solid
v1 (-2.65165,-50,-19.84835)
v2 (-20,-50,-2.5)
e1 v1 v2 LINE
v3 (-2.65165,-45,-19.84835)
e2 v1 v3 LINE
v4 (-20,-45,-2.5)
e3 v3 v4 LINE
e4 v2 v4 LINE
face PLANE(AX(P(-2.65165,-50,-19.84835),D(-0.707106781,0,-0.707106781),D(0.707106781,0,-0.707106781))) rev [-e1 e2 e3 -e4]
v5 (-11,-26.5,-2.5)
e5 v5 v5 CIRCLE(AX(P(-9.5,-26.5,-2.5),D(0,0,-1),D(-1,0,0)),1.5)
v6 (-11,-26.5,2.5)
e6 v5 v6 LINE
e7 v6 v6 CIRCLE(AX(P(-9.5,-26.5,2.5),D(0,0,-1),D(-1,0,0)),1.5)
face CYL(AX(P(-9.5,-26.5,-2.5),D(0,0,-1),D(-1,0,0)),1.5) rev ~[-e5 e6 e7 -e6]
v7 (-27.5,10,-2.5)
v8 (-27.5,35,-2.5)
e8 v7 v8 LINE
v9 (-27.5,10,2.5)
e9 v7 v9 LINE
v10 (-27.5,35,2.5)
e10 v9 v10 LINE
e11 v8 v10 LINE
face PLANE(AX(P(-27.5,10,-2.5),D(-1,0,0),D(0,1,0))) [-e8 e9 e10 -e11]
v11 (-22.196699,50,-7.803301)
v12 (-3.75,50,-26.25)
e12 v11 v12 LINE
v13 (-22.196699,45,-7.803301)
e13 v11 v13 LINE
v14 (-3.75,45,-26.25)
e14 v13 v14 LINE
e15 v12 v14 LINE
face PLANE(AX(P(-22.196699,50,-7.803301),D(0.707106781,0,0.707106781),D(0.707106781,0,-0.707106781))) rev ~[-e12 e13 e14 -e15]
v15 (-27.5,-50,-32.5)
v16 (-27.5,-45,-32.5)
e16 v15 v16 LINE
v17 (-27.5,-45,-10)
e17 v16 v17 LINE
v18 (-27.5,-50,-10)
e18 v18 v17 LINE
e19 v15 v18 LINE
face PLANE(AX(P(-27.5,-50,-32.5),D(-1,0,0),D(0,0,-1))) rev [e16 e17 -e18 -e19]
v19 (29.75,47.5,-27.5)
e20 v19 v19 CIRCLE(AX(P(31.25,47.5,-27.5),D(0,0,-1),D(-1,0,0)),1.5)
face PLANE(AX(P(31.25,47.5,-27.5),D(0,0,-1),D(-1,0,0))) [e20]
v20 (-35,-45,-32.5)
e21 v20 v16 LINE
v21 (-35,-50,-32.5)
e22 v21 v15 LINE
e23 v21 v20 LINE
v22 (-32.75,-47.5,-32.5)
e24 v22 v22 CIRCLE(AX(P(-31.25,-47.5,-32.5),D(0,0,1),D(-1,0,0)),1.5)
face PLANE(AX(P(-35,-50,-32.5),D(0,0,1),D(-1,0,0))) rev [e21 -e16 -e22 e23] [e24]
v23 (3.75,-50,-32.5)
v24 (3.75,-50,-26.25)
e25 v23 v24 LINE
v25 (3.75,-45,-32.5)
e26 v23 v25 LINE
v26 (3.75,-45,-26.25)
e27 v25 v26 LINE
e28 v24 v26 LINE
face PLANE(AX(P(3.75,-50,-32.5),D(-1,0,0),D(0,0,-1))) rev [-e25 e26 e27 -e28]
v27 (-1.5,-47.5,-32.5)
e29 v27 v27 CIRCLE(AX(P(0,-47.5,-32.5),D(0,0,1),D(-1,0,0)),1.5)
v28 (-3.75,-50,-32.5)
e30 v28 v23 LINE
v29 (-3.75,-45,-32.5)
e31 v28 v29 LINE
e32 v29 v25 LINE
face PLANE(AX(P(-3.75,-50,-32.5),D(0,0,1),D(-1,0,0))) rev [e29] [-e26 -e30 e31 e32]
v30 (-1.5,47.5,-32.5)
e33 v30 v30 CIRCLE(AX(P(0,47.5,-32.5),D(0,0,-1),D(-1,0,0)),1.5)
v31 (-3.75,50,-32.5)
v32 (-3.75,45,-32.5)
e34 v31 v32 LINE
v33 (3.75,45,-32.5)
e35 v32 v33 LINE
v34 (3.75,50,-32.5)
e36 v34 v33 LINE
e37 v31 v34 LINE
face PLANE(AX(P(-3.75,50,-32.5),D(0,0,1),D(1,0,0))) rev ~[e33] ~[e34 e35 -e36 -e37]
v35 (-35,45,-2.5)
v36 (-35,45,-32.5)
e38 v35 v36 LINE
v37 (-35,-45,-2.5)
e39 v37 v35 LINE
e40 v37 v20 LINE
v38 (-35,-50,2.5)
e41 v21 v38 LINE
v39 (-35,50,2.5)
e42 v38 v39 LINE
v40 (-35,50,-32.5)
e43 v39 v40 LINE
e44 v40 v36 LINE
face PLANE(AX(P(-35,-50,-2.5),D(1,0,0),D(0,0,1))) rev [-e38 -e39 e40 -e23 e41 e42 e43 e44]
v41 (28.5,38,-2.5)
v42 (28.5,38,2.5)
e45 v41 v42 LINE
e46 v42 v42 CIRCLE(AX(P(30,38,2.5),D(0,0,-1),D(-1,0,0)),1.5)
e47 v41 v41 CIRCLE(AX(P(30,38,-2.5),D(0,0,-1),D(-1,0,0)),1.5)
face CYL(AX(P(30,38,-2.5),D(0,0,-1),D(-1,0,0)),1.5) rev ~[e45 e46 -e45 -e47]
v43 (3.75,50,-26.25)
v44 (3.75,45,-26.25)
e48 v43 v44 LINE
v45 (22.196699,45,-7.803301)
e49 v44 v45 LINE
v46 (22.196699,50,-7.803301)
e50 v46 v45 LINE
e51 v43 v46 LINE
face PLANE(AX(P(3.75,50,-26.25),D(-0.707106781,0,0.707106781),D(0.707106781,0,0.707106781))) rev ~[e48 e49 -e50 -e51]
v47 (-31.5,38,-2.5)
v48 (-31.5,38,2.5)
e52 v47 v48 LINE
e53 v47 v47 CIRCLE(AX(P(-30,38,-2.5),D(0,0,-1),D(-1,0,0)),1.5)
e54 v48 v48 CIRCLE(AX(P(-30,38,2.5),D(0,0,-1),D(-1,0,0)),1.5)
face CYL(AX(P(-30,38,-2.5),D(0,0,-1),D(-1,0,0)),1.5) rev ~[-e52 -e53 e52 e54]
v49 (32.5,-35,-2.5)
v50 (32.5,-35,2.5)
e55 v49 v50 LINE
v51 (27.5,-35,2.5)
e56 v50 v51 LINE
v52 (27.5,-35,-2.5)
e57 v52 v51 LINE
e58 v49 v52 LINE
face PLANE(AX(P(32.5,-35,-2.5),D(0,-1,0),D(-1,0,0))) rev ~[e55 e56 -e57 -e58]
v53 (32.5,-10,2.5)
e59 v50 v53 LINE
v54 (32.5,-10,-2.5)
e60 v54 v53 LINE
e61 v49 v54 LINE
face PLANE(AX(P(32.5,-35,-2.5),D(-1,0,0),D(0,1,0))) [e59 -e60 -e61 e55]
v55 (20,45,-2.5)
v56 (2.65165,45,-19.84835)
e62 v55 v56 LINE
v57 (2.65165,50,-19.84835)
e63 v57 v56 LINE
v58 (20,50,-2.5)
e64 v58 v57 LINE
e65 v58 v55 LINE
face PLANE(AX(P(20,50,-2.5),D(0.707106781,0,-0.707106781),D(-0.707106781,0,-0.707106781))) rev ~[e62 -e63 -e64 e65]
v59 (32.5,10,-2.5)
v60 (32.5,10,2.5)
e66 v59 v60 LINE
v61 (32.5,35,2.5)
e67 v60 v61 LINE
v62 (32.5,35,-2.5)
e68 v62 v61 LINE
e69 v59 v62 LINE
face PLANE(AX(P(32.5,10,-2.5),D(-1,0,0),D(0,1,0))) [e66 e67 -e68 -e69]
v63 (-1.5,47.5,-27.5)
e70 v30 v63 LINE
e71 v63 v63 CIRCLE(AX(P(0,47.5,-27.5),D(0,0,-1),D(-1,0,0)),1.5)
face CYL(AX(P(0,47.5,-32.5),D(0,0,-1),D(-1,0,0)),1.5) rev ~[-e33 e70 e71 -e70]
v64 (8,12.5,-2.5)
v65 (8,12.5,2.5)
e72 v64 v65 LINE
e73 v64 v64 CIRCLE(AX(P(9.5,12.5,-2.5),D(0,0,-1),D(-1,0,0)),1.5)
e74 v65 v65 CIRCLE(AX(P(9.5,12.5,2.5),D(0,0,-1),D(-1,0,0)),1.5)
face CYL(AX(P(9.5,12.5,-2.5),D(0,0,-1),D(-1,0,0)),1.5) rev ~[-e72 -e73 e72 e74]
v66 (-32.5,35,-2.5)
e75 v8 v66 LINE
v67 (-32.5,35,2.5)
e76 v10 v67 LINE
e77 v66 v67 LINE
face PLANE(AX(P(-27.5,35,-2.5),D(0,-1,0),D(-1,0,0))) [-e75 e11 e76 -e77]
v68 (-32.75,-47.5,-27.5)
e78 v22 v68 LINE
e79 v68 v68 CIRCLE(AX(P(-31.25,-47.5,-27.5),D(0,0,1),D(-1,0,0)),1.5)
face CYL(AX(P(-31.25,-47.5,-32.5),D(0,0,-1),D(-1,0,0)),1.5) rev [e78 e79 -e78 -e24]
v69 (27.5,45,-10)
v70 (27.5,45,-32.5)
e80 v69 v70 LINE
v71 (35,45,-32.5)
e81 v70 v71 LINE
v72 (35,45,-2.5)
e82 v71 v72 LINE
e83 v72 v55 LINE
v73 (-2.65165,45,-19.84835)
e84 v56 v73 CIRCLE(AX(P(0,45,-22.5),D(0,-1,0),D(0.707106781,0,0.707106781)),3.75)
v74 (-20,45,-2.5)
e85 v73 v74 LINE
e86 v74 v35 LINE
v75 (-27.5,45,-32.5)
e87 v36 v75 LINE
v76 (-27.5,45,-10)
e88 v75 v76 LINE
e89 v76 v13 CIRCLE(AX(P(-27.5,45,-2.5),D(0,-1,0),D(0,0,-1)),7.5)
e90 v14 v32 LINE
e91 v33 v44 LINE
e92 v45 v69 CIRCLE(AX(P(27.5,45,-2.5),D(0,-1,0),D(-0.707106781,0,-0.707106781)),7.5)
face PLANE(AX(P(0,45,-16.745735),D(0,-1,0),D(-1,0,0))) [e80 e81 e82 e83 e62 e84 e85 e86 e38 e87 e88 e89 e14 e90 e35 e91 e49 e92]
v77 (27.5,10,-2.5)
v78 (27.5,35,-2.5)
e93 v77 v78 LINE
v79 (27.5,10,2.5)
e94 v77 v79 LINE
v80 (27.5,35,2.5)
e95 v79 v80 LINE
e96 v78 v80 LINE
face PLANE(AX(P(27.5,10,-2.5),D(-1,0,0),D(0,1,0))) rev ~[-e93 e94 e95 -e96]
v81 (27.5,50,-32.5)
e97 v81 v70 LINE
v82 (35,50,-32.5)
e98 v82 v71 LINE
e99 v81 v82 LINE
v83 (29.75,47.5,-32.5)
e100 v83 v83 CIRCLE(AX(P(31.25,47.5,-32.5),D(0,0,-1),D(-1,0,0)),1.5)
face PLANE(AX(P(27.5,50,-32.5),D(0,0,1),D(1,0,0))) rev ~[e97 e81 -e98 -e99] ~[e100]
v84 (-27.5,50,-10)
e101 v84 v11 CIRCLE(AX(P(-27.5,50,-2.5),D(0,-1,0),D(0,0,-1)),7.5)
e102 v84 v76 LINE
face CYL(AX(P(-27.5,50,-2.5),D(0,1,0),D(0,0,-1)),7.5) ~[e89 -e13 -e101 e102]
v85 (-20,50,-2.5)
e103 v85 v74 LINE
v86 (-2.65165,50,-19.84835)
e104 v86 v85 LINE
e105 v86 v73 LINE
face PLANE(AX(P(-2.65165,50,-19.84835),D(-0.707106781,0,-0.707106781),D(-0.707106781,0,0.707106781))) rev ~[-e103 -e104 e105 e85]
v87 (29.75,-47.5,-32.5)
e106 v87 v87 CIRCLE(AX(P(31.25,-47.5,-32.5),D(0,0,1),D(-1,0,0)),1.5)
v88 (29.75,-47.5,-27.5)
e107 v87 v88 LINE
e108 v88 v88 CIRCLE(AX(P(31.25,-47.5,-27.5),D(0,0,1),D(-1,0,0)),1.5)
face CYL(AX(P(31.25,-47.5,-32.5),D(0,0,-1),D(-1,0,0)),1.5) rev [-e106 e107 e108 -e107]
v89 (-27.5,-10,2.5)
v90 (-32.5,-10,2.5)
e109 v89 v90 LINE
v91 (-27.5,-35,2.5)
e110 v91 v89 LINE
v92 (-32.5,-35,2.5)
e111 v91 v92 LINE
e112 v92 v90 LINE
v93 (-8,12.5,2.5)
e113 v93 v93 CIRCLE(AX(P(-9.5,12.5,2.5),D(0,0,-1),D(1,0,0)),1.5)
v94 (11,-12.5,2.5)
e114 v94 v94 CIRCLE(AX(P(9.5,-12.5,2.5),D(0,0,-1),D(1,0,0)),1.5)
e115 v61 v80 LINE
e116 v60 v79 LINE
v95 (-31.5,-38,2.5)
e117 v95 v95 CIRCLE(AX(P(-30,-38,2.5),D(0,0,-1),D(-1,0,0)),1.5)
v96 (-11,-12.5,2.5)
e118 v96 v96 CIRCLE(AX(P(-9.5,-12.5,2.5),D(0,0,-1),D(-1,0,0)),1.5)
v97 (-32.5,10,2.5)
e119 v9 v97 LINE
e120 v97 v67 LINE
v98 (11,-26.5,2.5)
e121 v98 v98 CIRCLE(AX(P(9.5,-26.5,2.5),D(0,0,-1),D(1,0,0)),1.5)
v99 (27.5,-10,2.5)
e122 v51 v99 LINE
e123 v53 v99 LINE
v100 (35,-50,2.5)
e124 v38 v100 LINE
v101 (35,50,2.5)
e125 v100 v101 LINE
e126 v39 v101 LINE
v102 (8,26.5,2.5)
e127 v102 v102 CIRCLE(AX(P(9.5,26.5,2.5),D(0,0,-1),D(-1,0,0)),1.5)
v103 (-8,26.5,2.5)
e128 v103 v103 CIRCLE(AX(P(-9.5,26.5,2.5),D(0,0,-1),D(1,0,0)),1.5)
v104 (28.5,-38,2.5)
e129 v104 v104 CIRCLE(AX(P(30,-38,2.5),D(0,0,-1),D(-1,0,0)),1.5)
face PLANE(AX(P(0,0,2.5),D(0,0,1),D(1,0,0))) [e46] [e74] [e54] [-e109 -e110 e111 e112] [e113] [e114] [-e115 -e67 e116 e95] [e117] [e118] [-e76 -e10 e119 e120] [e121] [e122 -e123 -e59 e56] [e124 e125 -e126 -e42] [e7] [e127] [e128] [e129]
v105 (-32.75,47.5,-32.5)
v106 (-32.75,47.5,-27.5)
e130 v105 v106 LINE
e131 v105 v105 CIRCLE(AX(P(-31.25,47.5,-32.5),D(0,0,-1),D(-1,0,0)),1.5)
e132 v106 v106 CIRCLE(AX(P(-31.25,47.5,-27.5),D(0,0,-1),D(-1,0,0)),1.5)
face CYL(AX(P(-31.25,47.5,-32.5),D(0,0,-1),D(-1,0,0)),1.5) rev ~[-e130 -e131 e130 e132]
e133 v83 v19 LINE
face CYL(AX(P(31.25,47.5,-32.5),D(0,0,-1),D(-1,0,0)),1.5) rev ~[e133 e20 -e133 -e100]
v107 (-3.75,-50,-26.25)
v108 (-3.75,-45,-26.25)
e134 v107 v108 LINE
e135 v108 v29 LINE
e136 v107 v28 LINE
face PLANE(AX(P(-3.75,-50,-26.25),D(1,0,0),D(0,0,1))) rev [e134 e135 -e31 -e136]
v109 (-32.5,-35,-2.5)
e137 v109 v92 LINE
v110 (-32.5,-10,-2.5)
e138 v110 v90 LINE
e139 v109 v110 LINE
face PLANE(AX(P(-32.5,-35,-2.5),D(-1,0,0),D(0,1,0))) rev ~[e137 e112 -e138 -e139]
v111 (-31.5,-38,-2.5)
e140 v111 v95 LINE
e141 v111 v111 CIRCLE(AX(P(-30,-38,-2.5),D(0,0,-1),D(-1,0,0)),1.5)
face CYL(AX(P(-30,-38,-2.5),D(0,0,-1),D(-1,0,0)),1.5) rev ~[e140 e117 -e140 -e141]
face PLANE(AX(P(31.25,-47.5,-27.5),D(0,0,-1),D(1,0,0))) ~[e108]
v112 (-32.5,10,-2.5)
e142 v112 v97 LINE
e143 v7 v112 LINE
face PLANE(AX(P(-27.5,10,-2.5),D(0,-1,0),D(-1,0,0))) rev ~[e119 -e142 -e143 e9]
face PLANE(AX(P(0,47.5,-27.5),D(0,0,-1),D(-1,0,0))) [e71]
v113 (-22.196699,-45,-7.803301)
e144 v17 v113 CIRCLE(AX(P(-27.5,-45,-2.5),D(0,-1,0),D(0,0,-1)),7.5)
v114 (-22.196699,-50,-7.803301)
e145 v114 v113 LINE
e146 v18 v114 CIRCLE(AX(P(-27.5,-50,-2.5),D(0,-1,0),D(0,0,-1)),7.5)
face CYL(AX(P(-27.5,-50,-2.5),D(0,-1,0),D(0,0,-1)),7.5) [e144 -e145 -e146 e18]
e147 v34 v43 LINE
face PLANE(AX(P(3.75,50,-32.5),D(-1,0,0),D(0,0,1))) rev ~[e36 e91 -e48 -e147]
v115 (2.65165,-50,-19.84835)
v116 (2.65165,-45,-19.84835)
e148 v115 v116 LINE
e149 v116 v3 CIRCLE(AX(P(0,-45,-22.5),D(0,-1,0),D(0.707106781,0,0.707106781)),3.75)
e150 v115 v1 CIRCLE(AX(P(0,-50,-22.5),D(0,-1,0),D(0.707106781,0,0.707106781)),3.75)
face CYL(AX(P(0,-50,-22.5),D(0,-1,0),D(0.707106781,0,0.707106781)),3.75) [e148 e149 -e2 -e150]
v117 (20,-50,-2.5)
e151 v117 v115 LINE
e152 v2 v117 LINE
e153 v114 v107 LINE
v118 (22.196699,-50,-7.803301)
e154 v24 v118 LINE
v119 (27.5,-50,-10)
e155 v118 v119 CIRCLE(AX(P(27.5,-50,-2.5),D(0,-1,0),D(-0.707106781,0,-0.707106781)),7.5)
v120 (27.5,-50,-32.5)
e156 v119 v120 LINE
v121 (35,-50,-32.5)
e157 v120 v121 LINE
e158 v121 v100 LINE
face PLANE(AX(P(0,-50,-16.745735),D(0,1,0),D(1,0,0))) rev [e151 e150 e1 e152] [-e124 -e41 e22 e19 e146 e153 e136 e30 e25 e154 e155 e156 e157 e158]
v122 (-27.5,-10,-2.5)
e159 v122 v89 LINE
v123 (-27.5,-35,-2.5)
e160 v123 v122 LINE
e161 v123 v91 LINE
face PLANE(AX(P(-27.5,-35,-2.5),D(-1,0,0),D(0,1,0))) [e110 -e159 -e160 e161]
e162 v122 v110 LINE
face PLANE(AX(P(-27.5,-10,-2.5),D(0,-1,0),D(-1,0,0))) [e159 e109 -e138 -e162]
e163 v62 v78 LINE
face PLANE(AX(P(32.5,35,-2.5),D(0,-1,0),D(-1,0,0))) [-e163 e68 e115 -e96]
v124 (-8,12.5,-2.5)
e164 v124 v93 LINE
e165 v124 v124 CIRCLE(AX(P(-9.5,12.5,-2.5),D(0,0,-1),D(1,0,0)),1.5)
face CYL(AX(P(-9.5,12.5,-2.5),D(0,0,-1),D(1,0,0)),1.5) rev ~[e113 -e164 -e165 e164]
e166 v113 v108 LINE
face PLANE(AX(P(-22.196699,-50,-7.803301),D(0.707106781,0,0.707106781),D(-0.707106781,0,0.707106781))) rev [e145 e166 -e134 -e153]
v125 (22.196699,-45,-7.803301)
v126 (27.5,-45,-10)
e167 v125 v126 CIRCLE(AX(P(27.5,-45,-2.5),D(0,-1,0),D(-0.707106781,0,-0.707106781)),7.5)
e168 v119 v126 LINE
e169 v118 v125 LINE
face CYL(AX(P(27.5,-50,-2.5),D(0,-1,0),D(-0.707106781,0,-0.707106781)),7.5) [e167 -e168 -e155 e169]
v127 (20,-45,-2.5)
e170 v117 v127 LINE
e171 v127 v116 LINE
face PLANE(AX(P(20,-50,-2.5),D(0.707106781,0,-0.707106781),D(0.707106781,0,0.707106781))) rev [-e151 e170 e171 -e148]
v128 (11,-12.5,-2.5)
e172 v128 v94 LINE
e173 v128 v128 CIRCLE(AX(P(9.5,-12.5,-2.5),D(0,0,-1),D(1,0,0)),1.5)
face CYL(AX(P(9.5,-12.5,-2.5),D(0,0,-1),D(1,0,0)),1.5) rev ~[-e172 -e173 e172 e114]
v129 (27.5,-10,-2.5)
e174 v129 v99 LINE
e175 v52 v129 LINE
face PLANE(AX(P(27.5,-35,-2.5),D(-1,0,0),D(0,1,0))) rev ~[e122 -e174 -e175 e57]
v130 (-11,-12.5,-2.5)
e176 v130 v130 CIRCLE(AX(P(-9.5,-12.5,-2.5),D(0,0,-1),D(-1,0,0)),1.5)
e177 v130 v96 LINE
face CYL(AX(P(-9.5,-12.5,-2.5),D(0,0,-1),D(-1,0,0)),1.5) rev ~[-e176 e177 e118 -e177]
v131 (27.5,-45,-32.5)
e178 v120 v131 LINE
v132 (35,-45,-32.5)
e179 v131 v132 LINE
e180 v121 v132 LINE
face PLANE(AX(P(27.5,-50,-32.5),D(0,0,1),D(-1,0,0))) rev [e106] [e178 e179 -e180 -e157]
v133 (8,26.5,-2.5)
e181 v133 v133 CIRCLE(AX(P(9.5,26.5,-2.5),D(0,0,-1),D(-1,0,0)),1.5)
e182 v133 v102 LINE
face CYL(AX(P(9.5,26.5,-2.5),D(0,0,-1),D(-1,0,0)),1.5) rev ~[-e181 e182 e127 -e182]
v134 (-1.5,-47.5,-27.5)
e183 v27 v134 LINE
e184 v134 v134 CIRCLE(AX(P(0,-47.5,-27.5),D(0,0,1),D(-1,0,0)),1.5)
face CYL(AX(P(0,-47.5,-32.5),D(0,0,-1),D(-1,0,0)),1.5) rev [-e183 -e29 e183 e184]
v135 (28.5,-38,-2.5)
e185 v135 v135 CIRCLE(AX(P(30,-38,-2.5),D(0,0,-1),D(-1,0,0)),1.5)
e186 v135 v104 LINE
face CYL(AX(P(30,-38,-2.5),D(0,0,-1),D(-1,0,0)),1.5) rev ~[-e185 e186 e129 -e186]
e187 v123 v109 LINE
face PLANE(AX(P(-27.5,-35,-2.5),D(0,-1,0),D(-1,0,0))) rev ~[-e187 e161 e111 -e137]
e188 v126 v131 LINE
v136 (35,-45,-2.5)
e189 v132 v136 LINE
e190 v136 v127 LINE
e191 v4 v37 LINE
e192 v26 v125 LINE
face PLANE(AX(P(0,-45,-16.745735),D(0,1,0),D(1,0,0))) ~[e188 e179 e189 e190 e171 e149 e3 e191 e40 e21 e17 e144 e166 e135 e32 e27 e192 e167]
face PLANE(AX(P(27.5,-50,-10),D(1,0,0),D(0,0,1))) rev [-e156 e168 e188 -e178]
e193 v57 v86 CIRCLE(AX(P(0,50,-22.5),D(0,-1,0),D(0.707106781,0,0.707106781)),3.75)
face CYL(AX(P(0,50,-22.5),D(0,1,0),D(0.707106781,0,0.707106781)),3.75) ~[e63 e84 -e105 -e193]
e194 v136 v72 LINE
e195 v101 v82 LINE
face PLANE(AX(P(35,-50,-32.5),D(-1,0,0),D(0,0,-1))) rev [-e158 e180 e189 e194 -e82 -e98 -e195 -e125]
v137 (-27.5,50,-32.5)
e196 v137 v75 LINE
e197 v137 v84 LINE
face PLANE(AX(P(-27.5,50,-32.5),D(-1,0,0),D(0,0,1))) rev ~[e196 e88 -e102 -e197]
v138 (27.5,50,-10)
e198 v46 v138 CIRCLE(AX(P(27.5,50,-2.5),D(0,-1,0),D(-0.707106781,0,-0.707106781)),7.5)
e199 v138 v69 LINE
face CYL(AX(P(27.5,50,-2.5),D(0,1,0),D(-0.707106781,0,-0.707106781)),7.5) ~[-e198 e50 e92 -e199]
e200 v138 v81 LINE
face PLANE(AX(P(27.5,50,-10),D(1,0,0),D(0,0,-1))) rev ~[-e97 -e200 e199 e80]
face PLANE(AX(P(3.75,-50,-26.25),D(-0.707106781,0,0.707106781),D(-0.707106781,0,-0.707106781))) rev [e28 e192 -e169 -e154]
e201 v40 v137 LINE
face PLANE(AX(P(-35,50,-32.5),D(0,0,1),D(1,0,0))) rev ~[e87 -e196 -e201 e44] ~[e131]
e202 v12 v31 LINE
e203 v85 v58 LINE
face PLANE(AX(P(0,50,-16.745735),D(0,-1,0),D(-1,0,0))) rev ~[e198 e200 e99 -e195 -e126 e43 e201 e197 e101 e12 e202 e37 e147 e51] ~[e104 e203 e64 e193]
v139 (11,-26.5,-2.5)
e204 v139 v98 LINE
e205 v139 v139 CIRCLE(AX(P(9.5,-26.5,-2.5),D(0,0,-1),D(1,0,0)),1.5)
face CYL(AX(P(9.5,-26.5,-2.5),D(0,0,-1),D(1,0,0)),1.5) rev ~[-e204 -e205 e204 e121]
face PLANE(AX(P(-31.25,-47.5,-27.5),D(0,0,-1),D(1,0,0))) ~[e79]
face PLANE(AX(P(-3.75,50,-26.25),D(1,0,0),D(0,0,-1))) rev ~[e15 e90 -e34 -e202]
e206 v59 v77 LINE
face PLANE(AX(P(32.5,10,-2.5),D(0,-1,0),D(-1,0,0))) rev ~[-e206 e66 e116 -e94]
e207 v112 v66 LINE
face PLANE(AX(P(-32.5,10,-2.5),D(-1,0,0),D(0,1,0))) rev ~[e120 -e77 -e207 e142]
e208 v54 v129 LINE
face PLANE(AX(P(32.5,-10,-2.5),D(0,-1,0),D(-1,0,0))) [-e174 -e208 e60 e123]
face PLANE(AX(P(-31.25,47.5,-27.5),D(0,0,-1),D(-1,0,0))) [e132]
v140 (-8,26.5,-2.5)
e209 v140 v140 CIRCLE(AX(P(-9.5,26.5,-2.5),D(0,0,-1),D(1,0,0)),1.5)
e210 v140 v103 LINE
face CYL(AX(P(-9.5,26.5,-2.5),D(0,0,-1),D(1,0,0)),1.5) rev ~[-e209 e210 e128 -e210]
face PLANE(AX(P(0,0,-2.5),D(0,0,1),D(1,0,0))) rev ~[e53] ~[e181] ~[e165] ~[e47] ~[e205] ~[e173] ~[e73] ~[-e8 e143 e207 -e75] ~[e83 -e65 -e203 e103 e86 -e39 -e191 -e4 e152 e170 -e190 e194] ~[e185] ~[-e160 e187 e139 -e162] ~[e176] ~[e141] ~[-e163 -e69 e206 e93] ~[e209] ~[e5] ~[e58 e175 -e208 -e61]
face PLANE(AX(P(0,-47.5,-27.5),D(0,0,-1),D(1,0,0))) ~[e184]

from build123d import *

# Parameters (mm, degrees)
SKETCH1_W           = 70
SKETCH1_H           = 100
BOSS_EXTRUDE1_DEPTH = 2.5
SKETCH2_R           = 1.5
CUT_EXTRUDE1_DEPTH  = 10
BOSS_EXTRUDE2_DEPTH = 5
SKETCH4_W           = 5
SKETCH4_H           = 25
SKETCH4_R           = 1.5
CUT_EXTRUDE2_DEPTH  = 5
SKETCH7_R           = 1.5
CUT_EXTRUDE3_DEPTH  = 5


with BuildPart() as part:
    # Sketch1 → Boss-Extrude1 (new, symmetric)
    with BuildSketch(Plane.XY):
        Rectangle(SKETCH1_W, SKETCH1_H)
    extrude(amount=BOSS_EXTRUDE1_DEPTH, both=True)

    # Sketch2 → Cut-Extrude1 (cut)
    with BuildSketch(Plane(origin=(0, 0, -2.5), x_dir=(-1, 0, 0), z_dir=(0, 0, -1))):
        with Locations((30, 38)):
            Circle(SKETCH2_R)
        with Locations((-30, 38)):
            Circle(SKETCH2_R)
        with Locations((30, -38)):
            Circle(SKETCH2_R)
        with Locations((-30, -38)):
            Circle(SKETCH2_R)
    extrude(amount=-CUT_EXTRUDE1_DEPTH, mode=Mode.SUBTRACT)

    # Sketch3 → Boss-Extrude2 (add)
    with BuildSketch(Plane(origin=(0, 50, 0), x_dir=(1, 0, 0), z_dir=(0, 1, 0))):
        with BuildLine():
            Line((-35, 2.5), (-35, 32.5))
            Line((-35, 32.5), (-27.5, 32.5))
            Line((-27.5, 32.5), (-27.5, 10))
            ThreePointArc((-27.5, 10), (-24.629874257, 9.429096494), (-22.196699141, 7.803300859))
            Line((-22.196699141, 7.803300859), (-3.75, 26.25))
            Line((-3.75, 26.25), (-3.75, 32.5))
            Line((-3.75, 32.5), (3.75, 32.5))
            Line((3.75, 32.5), (3.75, 26.25))
            Line((3.75, 26.25), (22.196699141, 7.803300859))
            ThreePointArc((22.196699141, 7.803300859), (24.629874257, 9.429096494), (27.5, 10))
            Line((27.5, 10), (27.5, 32.5))
            Line((27.5, 32.5), (35, 32.5))
            Line((35, 32.5), (35, 2.5))
            Line((35, 2.5), (20, 2.5))
            Line((20, 2.5), (2.651650429, 19.848349571))
            ThreePointArc((2.651650429, 19.848349571), (0, 18.75), (-2.651650429, 19.848349571))
            Line((-2.651650429, 19.848349571), (-20, 2.5))
            Line((-20, 2.5), (-35, 2.5))
        make_face()
    boss_extrude2 = extrude(amount=-BOSS_EXTRUDE2_DEPTH)

    # Mirror1: Boss-Extrude2 across plane
    add(boss_extrude2.mirror(Plane.ZX))

    # Sketch4 → Cut-Extrude2 (cut)
    with BuildSketch(Plane(origin=(0, 0, -2.5), x_dir=(-1, 0, 0), z_dir=(0, 0, -1))):
        with Locations((-30, -22.5)):
            Rectangle(SKETCH4_W, SKETCH4_H)
        with Locations(Location((-9.5, -26.5, 0), (0, 0, 180))):
            Circle(SKETCH4_R)
        with Locations(Location((-9.5, -12.5, 0), (0, 0, 180))):
            Circle(SKETCH4_R)
        with Locations((9.5, -12.5)):
            Circle(SKETCH4_R)
        with Locations((9.5, -26.5)):
            Circle(SKETCH4_R)
        with Locations((30, -22.5)):
            Rectangle(SKETCH4_W, SKETCH4_H)
        with Locations((30, 22.5)):
            Rectangle(SKETCH4_W, SKETCH4_H)
        with Locations(Location((9.5, 12.5, 0), (0, 0, 180))):
            Circle(SKETCH4_R)
        with Locations(Location((9.5, 26.5, 0), (0, 0, 180))):
            Circle(SKETCH4_R)
        with Locations((-9.5, 26.5)):
            Circle(SKETCH4_R)
        with Locations((-9.5, 12.5)):
            Circle(SKETCH4_R)
        with Locations((-30, 22.5)):
            Rectangle(SKETCH4_W, SKETCH4_H)
    extrude(amount=-CUT_EXTRUDE2_DEPTH, mode=Mode.SUBTRACT)

    # Sketch7 → Cut-Extrude3 (cut)
    with BuildSketch(Plane(origin=(0, 0, -32.5), x_dir=(-1, 0, 0), z_dir=(0, 0, -1))):
        with Locations((0, 47.5)):
            Circle(SKETCH7_R)
        with Locations((-31.25, 47.5)):
            Circle(SKETCH7_R)
        with Locations((31.25, 47.5)):
            Circle(SKETCH7_R)
    cut_extrude3 = extrude(amount=-CUT_EXTRUDE3_DEPTH, mode=Mode.SUBTRACT)

    # Mirror2: Cut-Extrude3 across plane
    add(cut_extrude3.mirror(Plane.ZX), mode=Mode.SUBTRACT)


solid = part.part
